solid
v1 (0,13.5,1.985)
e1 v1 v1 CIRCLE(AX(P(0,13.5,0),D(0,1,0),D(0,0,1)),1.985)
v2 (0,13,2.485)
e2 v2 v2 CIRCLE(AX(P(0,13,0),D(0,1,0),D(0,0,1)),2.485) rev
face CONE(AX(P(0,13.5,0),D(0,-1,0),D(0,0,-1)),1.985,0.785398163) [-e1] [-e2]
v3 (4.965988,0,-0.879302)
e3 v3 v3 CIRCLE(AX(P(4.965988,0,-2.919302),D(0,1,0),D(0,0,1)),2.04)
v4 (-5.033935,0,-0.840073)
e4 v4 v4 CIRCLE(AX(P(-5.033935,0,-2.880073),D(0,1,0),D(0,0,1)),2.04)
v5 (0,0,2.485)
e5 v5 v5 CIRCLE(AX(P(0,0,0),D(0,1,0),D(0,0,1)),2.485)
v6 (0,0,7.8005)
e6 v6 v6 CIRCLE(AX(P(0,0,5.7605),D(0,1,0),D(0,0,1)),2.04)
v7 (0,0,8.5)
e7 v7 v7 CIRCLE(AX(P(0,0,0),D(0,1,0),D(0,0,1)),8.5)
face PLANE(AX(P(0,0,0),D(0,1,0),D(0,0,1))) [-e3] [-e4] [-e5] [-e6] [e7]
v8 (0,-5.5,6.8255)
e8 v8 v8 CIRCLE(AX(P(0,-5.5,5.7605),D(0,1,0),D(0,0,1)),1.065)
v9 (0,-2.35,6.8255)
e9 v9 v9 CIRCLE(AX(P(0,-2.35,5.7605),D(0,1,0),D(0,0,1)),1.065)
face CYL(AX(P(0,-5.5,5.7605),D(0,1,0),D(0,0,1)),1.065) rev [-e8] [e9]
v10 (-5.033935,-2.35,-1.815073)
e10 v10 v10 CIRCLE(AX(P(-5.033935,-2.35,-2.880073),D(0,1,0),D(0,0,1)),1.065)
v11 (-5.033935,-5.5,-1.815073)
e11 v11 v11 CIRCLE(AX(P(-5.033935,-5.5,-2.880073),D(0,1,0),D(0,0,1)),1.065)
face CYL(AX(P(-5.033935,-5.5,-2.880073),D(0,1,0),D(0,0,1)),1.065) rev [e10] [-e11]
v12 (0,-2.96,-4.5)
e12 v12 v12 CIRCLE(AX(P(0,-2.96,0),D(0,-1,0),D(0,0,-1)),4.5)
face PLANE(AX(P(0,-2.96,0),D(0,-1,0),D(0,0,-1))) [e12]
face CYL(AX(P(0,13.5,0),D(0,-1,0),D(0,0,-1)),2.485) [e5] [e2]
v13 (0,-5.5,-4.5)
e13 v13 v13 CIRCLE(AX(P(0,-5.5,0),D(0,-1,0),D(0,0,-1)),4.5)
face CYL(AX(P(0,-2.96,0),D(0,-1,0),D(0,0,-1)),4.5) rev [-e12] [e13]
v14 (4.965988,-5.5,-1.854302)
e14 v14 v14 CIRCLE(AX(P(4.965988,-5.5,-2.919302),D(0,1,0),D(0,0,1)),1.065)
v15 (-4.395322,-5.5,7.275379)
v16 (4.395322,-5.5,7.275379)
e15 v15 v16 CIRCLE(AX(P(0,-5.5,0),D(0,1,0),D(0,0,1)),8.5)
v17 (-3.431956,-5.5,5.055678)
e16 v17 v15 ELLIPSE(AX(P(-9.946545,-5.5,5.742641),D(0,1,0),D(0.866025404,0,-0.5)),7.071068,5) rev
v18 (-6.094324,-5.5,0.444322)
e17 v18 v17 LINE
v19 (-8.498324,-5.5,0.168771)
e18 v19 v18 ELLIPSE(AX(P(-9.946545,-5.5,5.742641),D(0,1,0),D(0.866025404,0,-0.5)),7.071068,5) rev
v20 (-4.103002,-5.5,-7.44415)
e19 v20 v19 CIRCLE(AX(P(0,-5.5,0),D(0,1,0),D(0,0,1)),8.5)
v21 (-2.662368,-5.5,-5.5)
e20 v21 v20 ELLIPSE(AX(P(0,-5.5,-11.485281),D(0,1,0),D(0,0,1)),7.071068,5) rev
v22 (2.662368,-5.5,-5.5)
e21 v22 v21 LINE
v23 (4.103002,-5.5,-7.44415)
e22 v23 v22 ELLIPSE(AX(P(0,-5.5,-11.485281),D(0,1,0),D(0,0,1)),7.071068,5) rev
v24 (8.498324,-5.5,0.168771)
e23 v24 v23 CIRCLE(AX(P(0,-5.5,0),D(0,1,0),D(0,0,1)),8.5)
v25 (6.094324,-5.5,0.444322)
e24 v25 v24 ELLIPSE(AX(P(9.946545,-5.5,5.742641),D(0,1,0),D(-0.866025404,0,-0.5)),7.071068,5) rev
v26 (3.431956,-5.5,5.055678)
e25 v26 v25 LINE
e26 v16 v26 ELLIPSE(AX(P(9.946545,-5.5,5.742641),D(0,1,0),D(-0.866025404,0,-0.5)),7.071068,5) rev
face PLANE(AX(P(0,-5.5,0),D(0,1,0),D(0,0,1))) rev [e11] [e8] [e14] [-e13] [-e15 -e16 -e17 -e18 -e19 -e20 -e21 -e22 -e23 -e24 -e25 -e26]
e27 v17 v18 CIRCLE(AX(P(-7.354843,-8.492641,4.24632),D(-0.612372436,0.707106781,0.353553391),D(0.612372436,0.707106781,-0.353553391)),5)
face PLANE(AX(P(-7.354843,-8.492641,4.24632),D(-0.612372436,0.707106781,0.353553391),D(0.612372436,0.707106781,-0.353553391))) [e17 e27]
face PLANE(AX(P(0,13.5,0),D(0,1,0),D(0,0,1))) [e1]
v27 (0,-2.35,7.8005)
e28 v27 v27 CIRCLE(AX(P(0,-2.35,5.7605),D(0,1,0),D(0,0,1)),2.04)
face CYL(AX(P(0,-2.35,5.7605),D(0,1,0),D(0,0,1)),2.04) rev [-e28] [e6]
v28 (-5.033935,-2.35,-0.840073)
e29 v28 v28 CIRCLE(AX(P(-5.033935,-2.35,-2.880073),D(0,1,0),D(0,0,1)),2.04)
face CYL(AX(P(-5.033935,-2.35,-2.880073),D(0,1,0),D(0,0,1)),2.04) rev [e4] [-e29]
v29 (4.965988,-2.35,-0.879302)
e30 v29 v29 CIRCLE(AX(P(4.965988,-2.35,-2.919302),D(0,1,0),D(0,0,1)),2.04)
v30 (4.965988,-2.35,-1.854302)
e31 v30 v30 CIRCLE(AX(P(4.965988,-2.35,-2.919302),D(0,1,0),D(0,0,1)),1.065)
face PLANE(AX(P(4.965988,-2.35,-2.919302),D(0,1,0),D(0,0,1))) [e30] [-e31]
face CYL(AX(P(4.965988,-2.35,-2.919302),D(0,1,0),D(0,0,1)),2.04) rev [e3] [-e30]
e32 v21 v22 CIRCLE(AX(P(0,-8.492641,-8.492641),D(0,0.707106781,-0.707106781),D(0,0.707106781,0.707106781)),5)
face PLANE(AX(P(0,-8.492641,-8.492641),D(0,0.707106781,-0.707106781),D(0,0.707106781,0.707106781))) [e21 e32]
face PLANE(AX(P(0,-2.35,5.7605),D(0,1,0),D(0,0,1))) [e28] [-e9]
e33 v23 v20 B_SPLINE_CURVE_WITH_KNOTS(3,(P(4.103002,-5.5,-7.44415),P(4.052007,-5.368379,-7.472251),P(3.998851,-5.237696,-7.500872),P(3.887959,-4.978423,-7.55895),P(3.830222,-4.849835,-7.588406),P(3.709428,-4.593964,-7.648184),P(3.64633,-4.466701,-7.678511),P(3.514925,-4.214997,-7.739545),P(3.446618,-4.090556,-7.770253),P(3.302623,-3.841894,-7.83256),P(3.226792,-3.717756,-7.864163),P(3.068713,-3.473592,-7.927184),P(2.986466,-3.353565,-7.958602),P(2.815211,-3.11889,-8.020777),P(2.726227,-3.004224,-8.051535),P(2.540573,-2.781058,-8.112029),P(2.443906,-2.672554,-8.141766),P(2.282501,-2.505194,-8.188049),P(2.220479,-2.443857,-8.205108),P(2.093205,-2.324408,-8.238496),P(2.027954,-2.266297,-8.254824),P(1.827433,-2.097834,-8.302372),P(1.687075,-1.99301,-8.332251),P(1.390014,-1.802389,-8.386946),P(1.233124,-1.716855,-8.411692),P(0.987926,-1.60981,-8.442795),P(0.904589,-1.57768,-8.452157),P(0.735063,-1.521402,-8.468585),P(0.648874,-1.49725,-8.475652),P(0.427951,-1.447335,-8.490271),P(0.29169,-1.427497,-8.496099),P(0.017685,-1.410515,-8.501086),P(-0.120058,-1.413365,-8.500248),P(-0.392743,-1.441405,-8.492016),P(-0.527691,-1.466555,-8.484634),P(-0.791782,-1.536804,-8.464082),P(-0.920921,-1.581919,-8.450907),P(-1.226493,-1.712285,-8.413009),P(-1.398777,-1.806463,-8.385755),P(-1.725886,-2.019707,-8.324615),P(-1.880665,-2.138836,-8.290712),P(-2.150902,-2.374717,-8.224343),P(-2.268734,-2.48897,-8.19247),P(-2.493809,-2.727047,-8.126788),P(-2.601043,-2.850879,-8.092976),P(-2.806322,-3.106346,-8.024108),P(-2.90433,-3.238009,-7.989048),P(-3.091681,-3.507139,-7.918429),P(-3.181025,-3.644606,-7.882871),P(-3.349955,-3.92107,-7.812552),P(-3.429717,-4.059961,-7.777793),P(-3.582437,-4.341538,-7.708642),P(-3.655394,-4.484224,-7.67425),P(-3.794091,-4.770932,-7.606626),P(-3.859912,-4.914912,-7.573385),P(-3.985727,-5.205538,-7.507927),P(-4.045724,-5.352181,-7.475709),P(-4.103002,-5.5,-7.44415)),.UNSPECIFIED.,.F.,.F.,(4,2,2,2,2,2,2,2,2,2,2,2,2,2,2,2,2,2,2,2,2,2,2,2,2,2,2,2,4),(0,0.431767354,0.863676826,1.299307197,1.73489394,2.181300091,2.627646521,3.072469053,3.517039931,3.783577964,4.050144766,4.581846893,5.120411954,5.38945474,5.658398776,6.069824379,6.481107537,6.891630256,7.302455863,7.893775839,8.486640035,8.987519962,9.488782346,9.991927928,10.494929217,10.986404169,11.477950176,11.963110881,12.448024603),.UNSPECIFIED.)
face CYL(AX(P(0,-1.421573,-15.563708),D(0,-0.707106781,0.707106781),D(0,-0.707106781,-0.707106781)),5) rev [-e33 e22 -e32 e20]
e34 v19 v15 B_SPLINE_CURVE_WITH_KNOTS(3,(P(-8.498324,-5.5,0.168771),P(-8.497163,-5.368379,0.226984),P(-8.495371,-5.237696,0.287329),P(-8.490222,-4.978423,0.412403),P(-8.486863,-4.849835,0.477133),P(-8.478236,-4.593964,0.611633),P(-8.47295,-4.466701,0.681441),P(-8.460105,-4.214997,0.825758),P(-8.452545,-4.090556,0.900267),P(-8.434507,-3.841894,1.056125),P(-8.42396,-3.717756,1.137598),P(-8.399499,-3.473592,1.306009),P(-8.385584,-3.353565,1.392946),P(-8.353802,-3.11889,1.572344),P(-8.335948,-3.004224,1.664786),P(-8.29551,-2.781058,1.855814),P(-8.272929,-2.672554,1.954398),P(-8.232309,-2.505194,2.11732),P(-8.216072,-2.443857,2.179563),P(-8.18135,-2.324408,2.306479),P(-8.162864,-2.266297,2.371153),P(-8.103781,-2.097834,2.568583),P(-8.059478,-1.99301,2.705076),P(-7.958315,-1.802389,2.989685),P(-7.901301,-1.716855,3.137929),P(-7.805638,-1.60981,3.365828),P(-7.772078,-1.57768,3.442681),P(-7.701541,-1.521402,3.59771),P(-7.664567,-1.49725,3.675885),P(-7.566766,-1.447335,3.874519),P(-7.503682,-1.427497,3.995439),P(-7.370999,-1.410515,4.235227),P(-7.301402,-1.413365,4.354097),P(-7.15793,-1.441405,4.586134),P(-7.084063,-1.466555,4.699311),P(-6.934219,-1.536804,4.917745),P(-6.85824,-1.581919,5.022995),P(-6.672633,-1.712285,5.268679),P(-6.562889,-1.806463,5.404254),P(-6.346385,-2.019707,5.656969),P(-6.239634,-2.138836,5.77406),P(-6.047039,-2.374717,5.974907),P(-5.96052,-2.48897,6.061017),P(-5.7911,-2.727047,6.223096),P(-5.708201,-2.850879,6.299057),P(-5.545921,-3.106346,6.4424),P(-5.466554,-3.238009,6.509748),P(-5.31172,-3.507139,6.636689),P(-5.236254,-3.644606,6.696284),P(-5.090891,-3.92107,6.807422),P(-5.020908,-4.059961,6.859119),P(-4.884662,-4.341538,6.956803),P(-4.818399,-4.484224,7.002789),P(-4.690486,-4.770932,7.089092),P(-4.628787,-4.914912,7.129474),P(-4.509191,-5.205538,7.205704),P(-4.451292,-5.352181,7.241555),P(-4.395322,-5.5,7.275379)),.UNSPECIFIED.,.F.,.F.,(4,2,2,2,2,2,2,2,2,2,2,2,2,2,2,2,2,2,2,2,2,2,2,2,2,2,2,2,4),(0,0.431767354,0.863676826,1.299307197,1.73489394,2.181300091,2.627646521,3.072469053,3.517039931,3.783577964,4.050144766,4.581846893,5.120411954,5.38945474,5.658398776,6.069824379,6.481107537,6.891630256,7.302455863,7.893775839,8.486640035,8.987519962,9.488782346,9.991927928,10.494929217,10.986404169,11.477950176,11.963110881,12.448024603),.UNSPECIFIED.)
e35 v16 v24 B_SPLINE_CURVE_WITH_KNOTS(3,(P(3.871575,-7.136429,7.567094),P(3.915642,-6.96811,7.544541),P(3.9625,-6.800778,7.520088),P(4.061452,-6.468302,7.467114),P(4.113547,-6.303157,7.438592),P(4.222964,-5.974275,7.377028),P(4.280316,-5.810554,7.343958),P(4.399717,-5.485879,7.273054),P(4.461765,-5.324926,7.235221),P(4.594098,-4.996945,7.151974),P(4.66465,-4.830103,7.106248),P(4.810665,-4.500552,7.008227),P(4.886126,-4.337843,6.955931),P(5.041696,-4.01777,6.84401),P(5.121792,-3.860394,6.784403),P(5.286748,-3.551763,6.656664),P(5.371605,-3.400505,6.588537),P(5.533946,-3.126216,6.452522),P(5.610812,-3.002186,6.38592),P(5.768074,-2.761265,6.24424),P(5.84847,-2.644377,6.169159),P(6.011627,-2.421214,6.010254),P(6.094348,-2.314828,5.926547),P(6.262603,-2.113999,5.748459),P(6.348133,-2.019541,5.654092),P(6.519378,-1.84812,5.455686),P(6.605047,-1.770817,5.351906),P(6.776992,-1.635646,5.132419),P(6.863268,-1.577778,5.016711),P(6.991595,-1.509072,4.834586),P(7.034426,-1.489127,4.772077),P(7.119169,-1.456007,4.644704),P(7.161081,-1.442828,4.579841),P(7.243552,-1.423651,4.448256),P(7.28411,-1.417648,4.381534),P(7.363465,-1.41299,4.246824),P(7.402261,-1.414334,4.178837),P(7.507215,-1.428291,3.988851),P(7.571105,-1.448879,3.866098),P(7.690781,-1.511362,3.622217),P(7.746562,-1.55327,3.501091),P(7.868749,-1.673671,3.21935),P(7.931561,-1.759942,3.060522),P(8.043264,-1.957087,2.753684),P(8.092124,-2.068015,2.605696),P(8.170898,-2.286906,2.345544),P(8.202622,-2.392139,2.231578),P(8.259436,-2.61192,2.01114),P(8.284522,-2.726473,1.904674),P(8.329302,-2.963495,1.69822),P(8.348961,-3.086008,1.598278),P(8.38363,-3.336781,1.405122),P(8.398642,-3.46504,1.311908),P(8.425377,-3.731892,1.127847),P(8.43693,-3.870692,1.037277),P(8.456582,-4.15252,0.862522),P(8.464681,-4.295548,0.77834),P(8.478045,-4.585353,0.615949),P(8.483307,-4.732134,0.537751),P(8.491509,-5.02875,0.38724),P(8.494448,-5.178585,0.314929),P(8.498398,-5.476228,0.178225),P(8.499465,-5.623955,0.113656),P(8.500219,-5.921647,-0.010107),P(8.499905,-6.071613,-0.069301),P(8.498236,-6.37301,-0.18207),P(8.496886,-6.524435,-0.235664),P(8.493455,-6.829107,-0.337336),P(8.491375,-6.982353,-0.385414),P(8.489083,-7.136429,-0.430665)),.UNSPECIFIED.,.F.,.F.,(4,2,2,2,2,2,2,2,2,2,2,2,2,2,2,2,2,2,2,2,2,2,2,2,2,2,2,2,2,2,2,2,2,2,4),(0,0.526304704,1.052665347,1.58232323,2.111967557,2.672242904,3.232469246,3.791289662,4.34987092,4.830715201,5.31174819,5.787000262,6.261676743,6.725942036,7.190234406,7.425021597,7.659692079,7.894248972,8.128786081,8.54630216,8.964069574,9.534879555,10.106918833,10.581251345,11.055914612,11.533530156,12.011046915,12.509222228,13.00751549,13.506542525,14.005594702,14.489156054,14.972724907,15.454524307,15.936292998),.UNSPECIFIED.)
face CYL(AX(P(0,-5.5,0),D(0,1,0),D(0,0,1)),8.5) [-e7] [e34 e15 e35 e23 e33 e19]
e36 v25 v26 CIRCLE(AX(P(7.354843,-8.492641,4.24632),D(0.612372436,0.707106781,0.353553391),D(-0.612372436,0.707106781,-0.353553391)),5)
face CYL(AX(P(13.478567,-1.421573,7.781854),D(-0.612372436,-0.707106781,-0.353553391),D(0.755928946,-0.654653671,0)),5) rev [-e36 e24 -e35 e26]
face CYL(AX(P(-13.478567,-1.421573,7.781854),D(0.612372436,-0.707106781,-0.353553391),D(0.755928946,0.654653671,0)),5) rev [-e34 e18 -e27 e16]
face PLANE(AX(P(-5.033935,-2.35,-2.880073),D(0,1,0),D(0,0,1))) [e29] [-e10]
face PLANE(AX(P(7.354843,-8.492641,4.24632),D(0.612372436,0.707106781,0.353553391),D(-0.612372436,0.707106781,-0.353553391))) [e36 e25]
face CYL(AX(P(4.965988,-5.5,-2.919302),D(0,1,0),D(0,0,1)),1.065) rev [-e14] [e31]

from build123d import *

# Parameters (mm, degrees)
SKETCH1_R           = 8.5
BOSS_EXTRUDE1_DEPTH = 5.5
SKETCH10_R          = 2.485
BOSS_EXTRUDE3_DEPTH = 13.5
SKETCH12_R          = 4.5
CUT_EXTRUDE4_DEPTH  = 2.54
CHAMFER2_SIZE       = 0.5
SKETCH14_R          = 2.04
CUT_EXTRUDE5_DEPTH  = 2.35
SKETCH15_R          = 1.065
CUT_EXTRUDE6_DEPTH  = 19.076227483
SKETCH16_R          = 5
CUT_EXTRUDE7_DEPTH  = 10
CIRPATTERN1_COUNT   = 3


with BuildPart() as part:
    # Sketch1 → Boss-Extrude1 (new body)
    with BuildSketch(Plane(origin=(0, 0, 0), x_dir=(1, 0, 0), z_dir=(0, 1, 0))):
        with Locations(Location((0, 0, 0), (0, 0, 270))):
            Circle(SKETCH1_R)
    extrude(amount=-BOSS_EXTRUDE1_DEPTH)

    # Sketch10 → Boss-Extrude3 (add)
    with BuildSketch(Plane(origin=(0, 0, 0), x_dir=(1, 0, 0), z_dir=(0, 1, 0))):
        with Locations(Location((0, 0, 0), (0, 0, 270))):
            Circle(SKETCH10_R)
    extrude(amount=BOSS_EXTRUDE3_DEPTH)

    # Sketch12 → Cut-Extrude4 (cut)
    with BuildSketch(Plane.XZ.offset(5.5)):
        with Locations(Location((0, 0, 0), (0, 0, 270))):
            Circle(SKETCH12_R)
    extrude(amount=-CUT_EXTRUDE4_DEPTH, mode=Mode.SUBTRACT)

    # Chamfer2
    chamfer2_edges = [part.edges().sort_by_distance(p)[0] for p in [
        (0, 13.5, -2.485),
    ]]
    chamfer(chamfer2_edges, length=CHAMFER2_SIZE)

    # Sketch14 → Cut-Extrude5 (cut)
    with BuildSketch(Plane(origin=(0, 0, 0), x_dir=(1, 0, 0), z_dir=(0, 1, 0))):
        with Locations(Location((0, -5.7605, 0), (0, 0, 270))):
            Circle(SKETCH14_R)
        with Locations(Location((-5.033935185, 2.880072698, 0), (0, 0, 270))):
            Circle(SKETCH14_R)
        with Locations(Location((4.965987867, 2.919302101, 0), (0, 0, 270))):
            Circle(SKETCH14_R)
    extrude(amount=-CUT_EXTRUDE5_DEPTH, mode=Mode.SUBTRACT)

    # Sketch15 → Cut-Extrude6 (cut, through all)
    with BuildSketch(Plane(origin=(0, 0, 0), x_dir=(1, 0, 0), z_dir=(0, 1, 0))):
        with Locations(Location((4.965987867, 2.919302101, 0), (0, 0, 270))):
            Circle(SKETCH15_R)
        with Locations(Location((-5.033935185, 2.880072698, 0), (0, 0, 270))):
            Circle(SKETCH15_R)
        with Locations(Location((0, -5.7605, 0), (0, 0, 270))):
            Circle(SKETCH15_R)
    extrude(amount=-CUT_EXTRUDE6_DEPTH, mode=Mode.SUBTRACT)

    # Sketch16 → Cut-Extrude7 (cut)
    with BuildSketch(Plane(origin=(0, 0, 0), x_dir=(-1, 0, 0), z_dir=(0, 0.7071067811865475, -0.7071067811865477))):
        with Locations((0, -12.01040764)):
            Circle(SKETCH16_R)
    cut_extrude7 = extrude(amount=CUT_EXTRUDE7_DEPTH, mode=Mode.SUBTRACT)

    # CirPattern1: Cut-Extrude7 ×3 about axis
    cirpattern1_axis = Axis((0, 0, 0), (0, 1, 0))
    for i in range(1, CIRPATTERN1_COUNT):
        add(cut_extrude7.rotate(cirpattern1_axis, i * 360 / CIRPATTERN1_COUNT), mode=Mode.SUBTRACT)


solid = part.part
